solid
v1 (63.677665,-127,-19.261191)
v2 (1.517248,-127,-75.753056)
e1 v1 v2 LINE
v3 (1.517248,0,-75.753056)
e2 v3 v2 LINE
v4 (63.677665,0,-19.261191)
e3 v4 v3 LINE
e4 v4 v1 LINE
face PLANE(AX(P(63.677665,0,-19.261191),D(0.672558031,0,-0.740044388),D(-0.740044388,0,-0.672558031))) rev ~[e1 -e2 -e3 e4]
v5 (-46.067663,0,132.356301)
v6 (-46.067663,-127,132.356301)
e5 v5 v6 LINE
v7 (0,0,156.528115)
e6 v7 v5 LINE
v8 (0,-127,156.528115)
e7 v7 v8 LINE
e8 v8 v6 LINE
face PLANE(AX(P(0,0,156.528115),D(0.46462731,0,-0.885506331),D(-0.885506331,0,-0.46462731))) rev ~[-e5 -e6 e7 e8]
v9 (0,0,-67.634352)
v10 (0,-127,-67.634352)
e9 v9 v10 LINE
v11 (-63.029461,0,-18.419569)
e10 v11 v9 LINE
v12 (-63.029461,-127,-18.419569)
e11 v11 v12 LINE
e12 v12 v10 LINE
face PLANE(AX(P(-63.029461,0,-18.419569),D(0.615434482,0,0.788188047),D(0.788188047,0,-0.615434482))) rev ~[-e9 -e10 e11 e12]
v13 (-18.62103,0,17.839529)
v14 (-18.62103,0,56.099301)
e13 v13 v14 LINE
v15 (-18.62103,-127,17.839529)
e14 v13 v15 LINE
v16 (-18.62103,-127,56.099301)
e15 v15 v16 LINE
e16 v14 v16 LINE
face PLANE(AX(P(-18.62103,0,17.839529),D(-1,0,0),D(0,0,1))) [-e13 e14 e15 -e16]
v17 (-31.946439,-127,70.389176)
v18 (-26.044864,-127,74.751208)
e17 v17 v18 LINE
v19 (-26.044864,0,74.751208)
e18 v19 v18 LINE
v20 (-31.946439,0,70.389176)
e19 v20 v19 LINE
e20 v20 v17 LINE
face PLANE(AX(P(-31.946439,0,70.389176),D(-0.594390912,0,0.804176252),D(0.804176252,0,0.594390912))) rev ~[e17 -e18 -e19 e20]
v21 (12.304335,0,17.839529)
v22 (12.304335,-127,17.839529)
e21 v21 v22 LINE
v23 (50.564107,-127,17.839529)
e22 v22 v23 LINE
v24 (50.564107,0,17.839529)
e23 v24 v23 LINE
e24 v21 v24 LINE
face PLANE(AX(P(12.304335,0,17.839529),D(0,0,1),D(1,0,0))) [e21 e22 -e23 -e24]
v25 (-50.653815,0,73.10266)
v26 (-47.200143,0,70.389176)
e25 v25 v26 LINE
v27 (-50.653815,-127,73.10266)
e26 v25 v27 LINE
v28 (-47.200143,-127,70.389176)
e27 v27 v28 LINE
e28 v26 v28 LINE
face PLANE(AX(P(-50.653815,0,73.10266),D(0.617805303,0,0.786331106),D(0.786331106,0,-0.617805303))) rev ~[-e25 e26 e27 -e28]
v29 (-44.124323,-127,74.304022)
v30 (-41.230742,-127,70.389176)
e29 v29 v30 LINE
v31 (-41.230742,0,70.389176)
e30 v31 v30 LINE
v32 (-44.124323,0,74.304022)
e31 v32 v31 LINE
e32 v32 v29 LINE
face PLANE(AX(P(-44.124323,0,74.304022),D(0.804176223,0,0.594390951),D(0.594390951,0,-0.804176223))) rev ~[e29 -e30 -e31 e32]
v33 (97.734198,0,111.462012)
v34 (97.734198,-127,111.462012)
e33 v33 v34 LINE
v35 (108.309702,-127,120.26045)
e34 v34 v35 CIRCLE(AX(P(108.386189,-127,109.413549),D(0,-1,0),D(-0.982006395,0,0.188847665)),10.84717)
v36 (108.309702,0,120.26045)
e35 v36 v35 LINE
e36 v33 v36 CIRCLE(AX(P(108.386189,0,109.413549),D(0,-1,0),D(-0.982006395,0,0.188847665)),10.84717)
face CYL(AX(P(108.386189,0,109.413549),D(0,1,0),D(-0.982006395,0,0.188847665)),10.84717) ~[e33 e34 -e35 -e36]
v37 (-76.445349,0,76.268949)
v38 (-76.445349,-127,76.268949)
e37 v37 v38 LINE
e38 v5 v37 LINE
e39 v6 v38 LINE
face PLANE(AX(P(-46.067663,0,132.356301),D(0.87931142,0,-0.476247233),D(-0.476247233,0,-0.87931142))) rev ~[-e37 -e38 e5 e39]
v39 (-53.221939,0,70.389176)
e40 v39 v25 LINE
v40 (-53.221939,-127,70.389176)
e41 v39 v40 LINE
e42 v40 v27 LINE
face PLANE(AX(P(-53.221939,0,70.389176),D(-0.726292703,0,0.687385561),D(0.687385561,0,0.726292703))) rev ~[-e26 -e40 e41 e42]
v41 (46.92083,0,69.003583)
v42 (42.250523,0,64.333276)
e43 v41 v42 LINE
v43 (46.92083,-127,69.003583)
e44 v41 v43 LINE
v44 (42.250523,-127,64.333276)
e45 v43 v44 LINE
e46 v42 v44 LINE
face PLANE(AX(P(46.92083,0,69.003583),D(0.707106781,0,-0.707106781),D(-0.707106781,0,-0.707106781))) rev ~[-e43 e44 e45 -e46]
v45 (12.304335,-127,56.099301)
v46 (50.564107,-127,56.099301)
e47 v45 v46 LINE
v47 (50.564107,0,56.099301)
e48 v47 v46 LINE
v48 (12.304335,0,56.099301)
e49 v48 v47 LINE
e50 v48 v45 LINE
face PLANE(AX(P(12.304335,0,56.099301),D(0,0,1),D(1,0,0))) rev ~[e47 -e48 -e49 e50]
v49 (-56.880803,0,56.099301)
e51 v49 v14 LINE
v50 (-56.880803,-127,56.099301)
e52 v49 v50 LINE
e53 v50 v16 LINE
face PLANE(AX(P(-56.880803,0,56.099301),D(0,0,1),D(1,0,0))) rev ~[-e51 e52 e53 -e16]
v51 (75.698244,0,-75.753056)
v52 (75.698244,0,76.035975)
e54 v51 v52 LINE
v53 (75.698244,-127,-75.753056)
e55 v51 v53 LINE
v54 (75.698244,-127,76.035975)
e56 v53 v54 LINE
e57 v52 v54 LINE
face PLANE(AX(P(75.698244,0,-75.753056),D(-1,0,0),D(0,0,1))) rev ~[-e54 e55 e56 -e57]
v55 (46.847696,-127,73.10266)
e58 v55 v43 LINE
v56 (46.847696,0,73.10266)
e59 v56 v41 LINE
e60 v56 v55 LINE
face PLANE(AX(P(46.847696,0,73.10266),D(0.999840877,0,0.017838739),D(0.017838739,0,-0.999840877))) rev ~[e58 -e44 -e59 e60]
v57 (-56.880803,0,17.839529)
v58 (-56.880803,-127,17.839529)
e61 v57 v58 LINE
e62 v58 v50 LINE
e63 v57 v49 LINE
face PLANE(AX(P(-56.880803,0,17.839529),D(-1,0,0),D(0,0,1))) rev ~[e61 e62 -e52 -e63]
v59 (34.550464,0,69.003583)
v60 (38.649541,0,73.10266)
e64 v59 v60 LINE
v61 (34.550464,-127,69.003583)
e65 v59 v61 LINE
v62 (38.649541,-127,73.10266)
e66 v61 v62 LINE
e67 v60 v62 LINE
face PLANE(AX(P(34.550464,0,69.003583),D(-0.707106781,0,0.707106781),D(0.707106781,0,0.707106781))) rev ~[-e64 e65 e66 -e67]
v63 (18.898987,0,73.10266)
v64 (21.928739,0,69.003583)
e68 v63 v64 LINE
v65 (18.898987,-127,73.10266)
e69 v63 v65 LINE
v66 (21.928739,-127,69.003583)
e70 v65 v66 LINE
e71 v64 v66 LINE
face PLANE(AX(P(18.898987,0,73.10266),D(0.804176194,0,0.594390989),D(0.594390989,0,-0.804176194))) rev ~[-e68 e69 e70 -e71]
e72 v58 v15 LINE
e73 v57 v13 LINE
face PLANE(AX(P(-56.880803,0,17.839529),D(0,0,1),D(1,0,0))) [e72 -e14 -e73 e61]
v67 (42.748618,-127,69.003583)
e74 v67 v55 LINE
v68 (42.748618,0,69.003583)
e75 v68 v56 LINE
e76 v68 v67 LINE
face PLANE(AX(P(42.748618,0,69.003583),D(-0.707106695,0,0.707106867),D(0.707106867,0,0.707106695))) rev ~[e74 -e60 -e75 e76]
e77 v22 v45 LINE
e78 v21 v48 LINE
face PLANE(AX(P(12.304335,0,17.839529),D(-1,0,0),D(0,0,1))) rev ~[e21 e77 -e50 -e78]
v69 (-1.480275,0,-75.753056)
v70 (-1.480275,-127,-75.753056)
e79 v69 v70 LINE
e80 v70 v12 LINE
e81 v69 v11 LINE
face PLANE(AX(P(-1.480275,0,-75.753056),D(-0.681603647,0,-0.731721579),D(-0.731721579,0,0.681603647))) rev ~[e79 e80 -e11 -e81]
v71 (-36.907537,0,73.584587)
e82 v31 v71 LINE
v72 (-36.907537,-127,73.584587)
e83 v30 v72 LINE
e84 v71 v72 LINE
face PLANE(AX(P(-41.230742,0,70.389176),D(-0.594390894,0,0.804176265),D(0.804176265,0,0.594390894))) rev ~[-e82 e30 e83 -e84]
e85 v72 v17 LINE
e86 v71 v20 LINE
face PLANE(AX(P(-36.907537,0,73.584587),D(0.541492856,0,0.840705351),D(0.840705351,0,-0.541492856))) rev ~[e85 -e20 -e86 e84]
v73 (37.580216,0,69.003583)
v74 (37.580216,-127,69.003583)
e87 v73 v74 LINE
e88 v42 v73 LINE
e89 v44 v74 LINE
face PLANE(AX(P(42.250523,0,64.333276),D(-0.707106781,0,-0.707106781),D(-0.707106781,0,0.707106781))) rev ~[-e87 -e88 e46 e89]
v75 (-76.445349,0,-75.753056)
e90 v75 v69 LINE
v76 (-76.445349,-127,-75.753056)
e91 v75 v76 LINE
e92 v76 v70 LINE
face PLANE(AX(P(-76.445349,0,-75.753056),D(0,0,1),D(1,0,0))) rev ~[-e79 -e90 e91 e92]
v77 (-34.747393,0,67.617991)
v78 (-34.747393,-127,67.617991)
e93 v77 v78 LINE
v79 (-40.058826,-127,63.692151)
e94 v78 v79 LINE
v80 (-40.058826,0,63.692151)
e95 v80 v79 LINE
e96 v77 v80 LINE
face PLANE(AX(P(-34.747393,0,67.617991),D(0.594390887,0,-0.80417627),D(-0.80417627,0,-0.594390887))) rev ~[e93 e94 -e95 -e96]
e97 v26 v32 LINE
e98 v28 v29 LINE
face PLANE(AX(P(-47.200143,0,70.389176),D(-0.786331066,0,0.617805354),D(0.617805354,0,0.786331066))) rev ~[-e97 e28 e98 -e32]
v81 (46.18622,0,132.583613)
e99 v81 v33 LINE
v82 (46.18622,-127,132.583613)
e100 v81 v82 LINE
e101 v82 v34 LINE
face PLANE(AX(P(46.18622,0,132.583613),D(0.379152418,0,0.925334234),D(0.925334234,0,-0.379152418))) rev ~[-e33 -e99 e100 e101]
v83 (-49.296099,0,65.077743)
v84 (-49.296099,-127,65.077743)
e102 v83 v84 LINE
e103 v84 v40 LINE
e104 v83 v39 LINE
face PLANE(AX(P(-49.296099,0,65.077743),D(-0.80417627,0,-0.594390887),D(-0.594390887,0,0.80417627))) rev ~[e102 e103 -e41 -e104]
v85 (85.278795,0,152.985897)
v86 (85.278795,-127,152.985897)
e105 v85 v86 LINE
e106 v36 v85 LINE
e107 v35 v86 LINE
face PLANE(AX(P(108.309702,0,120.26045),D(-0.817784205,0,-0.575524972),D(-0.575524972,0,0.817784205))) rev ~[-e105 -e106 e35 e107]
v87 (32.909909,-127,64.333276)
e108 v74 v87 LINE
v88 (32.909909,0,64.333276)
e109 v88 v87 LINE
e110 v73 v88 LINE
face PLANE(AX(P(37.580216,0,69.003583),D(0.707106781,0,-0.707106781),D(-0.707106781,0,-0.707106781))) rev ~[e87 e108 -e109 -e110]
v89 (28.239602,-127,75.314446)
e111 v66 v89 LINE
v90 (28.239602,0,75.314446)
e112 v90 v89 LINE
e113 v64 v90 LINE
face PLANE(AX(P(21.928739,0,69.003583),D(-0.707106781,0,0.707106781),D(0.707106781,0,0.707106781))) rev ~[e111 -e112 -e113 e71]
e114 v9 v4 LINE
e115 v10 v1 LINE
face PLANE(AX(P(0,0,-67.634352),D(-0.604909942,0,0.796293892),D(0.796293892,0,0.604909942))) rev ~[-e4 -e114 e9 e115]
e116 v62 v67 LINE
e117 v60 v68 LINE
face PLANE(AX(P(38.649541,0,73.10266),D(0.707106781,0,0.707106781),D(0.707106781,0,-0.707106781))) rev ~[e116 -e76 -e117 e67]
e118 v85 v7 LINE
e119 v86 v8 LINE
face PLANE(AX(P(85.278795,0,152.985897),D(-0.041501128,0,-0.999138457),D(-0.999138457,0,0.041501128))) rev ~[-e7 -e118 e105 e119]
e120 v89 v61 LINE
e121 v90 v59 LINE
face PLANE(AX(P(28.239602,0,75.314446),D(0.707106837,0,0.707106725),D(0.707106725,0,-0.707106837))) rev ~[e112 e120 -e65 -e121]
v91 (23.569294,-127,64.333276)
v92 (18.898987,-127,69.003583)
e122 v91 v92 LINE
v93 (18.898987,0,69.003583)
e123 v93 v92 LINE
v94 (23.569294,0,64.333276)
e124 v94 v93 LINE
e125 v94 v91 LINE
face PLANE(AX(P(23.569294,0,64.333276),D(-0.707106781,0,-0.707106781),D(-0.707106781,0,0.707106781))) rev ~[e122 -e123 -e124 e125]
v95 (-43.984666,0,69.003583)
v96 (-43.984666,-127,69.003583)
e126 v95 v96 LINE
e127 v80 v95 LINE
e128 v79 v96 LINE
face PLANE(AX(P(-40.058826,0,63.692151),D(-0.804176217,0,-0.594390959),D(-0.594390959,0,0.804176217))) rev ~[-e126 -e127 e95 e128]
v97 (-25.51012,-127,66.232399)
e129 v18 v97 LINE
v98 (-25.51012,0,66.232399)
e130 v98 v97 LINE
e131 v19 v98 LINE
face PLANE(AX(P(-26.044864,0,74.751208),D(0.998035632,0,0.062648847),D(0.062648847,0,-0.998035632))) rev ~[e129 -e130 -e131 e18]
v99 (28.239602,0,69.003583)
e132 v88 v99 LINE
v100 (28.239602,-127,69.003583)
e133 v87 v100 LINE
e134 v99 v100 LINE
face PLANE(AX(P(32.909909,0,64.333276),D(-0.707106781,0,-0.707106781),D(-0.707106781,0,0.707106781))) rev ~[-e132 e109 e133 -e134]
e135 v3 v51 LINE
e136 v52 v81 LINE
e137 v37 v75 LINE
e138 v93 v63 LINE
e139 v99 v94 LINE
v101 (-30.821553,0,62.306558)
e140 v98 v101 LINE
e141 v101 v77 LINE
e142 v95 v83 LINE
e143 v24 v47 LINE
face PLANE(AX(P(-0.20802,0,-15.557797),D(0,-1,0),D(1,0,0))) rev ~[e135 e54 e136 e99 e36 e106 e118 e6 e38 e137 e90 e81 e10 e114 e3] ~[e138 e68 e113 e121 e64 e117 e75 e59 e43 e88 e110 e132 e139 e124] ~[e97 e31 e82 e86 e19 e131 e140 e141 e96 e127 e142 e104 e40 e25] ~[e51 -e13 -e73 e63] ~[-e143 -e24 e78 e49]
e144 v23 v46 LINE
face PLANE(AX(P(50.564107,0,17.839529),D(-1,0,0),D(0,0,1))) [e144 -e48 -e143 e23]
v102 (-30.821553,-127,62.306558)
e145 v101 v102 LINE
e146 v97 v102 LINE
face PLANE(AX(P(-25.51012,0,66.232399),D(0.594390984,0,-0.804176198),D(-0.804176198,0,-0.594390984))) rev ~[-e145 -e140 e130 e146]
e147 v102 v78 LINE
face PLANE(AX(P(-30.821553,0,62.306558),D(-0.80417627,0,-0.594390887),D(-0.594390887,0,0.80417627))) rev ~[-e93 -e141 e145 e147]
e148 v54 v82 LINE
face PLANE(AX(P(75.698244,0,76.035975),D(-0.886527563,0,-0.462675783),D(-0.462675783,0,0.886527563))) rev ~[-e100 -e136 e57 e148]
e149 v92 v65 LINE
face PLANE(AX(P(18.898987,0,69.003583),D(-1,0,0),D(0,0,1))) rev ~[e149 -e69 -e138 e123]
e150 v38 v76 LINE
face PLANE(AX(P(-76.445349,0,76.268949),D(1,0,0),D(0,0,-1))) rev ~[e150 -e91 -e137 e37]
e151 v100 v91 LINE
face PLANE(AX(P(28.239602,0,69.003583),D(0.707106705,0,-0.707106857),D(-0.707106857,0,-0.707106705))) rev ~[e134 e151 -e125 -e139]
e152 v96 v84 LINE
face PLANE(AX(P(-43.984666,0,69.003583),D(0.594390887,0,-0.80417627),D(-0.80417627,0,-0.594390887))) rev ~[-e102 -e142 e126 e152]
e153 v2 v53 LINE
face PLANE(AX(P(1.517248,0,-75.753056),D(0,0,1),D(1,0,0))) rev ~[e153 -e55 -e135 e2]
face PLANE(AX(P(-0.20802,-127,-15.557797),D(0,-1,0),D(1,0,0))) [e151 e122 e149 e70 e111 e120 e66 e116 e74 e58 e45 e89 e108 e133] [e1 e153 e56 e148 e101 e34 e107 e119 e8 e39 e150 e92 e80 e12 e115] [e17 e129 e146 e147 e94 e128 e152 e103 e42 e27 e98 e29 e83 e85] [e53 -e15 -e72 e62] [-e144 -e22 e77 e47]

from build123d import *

# Parameters (mm, degrees)
F0_W     = 38.259773
F0_H     = 38.259772
F0_W_2   = 38.259772
F1_DEPTH = 127


with BuildPart() as f1:
    # F0 (on Front) → F1 (new body)
    with BuildSketch(Plane.XZ):
        Polygon((-1.480275, -75.753056), (-63.029461, -18.419569), (0, -67.634352), (63.677665, -19.261191), (1.517248, -75.753056), (75.698244, -75.753056), (75.698244, 76.035975), (-76.445349, 76.268949), (-76.445349, -75.753056), align=None)
        with Locations((-37.750917, 36.969415)):
            Rectangle(F0_W, F0_H, mode=Mode.SUBTRACT)
        with Locations((31.434221, 36.969415)):
            Rectangle(F0_W_2, F0_H, mode=Mode.SUBTRACT)
        Polygon((-49.296099, 65.077743), (-53.221939, 70.389176), (-50.653815, 73.10266), (-47.200143, 70.389176), (-44.124323, 74.304022), (-41.230742, 70.389176), (-36.907537, 73.584587), (-31.946439, 70.389176), (-26.044864, 74.751208), (-25.51012, 66.232399), (-30.821553, 62.306558), (-34.747393, 67.617991), (-40.058826, 63.692151), (-43.984666, 69.003583), align=None, mode=Mode.SUBTRACT)
        Polygon((23.569294, 64.333276), (18.898987, 69.003583), (18.898987, 73.10266), (21.928739, 69.003583), (28.239602, 75.314446), (34.550464, 69.003583), (38.649541, 73.10266), (42.748618, 69.003583), (46.847696, 73.10266), (46.92083, 69.003583), (42.250523, 64.333276), (37.580216, 69.003583), (32.909909, 64.333276), (28.239602, 69.003583), align=None, mode=Mode.SUBTRACT)
        Polygon((-46.067663, 132.356301), (-76.445349, 76.268949), (75.698244, 76.035975), (46.18622, 132.583613), (0, 156.528115), align=None)
        Polygon((0, 156.528115), (46.18622, 132.583613), (85.278795, 152.985897), align=None)
        Polygon((85.278795, 152.985897), (46.18622, 132.583613), (97.734198, 111.462012), align=None)
        Polygon((108.309702, 120.26045), (85.278795, 152.985897), (97.734198, 111.462012), (108.591035, 119.860694), align=None)
        with BuildLine():
            Line((108.591035, 119.860694), (97.734198, 111.462012))
            ThreePointArc((97.734198, 111.462012), (115.323637, 101.074909), (108.309702, 120.26045))
            Line((108.309702, 120.26045), (108.591035, 119.860694))
        make_face()
    extrude(amount=F1_DEPTH)


solid = f1.part
